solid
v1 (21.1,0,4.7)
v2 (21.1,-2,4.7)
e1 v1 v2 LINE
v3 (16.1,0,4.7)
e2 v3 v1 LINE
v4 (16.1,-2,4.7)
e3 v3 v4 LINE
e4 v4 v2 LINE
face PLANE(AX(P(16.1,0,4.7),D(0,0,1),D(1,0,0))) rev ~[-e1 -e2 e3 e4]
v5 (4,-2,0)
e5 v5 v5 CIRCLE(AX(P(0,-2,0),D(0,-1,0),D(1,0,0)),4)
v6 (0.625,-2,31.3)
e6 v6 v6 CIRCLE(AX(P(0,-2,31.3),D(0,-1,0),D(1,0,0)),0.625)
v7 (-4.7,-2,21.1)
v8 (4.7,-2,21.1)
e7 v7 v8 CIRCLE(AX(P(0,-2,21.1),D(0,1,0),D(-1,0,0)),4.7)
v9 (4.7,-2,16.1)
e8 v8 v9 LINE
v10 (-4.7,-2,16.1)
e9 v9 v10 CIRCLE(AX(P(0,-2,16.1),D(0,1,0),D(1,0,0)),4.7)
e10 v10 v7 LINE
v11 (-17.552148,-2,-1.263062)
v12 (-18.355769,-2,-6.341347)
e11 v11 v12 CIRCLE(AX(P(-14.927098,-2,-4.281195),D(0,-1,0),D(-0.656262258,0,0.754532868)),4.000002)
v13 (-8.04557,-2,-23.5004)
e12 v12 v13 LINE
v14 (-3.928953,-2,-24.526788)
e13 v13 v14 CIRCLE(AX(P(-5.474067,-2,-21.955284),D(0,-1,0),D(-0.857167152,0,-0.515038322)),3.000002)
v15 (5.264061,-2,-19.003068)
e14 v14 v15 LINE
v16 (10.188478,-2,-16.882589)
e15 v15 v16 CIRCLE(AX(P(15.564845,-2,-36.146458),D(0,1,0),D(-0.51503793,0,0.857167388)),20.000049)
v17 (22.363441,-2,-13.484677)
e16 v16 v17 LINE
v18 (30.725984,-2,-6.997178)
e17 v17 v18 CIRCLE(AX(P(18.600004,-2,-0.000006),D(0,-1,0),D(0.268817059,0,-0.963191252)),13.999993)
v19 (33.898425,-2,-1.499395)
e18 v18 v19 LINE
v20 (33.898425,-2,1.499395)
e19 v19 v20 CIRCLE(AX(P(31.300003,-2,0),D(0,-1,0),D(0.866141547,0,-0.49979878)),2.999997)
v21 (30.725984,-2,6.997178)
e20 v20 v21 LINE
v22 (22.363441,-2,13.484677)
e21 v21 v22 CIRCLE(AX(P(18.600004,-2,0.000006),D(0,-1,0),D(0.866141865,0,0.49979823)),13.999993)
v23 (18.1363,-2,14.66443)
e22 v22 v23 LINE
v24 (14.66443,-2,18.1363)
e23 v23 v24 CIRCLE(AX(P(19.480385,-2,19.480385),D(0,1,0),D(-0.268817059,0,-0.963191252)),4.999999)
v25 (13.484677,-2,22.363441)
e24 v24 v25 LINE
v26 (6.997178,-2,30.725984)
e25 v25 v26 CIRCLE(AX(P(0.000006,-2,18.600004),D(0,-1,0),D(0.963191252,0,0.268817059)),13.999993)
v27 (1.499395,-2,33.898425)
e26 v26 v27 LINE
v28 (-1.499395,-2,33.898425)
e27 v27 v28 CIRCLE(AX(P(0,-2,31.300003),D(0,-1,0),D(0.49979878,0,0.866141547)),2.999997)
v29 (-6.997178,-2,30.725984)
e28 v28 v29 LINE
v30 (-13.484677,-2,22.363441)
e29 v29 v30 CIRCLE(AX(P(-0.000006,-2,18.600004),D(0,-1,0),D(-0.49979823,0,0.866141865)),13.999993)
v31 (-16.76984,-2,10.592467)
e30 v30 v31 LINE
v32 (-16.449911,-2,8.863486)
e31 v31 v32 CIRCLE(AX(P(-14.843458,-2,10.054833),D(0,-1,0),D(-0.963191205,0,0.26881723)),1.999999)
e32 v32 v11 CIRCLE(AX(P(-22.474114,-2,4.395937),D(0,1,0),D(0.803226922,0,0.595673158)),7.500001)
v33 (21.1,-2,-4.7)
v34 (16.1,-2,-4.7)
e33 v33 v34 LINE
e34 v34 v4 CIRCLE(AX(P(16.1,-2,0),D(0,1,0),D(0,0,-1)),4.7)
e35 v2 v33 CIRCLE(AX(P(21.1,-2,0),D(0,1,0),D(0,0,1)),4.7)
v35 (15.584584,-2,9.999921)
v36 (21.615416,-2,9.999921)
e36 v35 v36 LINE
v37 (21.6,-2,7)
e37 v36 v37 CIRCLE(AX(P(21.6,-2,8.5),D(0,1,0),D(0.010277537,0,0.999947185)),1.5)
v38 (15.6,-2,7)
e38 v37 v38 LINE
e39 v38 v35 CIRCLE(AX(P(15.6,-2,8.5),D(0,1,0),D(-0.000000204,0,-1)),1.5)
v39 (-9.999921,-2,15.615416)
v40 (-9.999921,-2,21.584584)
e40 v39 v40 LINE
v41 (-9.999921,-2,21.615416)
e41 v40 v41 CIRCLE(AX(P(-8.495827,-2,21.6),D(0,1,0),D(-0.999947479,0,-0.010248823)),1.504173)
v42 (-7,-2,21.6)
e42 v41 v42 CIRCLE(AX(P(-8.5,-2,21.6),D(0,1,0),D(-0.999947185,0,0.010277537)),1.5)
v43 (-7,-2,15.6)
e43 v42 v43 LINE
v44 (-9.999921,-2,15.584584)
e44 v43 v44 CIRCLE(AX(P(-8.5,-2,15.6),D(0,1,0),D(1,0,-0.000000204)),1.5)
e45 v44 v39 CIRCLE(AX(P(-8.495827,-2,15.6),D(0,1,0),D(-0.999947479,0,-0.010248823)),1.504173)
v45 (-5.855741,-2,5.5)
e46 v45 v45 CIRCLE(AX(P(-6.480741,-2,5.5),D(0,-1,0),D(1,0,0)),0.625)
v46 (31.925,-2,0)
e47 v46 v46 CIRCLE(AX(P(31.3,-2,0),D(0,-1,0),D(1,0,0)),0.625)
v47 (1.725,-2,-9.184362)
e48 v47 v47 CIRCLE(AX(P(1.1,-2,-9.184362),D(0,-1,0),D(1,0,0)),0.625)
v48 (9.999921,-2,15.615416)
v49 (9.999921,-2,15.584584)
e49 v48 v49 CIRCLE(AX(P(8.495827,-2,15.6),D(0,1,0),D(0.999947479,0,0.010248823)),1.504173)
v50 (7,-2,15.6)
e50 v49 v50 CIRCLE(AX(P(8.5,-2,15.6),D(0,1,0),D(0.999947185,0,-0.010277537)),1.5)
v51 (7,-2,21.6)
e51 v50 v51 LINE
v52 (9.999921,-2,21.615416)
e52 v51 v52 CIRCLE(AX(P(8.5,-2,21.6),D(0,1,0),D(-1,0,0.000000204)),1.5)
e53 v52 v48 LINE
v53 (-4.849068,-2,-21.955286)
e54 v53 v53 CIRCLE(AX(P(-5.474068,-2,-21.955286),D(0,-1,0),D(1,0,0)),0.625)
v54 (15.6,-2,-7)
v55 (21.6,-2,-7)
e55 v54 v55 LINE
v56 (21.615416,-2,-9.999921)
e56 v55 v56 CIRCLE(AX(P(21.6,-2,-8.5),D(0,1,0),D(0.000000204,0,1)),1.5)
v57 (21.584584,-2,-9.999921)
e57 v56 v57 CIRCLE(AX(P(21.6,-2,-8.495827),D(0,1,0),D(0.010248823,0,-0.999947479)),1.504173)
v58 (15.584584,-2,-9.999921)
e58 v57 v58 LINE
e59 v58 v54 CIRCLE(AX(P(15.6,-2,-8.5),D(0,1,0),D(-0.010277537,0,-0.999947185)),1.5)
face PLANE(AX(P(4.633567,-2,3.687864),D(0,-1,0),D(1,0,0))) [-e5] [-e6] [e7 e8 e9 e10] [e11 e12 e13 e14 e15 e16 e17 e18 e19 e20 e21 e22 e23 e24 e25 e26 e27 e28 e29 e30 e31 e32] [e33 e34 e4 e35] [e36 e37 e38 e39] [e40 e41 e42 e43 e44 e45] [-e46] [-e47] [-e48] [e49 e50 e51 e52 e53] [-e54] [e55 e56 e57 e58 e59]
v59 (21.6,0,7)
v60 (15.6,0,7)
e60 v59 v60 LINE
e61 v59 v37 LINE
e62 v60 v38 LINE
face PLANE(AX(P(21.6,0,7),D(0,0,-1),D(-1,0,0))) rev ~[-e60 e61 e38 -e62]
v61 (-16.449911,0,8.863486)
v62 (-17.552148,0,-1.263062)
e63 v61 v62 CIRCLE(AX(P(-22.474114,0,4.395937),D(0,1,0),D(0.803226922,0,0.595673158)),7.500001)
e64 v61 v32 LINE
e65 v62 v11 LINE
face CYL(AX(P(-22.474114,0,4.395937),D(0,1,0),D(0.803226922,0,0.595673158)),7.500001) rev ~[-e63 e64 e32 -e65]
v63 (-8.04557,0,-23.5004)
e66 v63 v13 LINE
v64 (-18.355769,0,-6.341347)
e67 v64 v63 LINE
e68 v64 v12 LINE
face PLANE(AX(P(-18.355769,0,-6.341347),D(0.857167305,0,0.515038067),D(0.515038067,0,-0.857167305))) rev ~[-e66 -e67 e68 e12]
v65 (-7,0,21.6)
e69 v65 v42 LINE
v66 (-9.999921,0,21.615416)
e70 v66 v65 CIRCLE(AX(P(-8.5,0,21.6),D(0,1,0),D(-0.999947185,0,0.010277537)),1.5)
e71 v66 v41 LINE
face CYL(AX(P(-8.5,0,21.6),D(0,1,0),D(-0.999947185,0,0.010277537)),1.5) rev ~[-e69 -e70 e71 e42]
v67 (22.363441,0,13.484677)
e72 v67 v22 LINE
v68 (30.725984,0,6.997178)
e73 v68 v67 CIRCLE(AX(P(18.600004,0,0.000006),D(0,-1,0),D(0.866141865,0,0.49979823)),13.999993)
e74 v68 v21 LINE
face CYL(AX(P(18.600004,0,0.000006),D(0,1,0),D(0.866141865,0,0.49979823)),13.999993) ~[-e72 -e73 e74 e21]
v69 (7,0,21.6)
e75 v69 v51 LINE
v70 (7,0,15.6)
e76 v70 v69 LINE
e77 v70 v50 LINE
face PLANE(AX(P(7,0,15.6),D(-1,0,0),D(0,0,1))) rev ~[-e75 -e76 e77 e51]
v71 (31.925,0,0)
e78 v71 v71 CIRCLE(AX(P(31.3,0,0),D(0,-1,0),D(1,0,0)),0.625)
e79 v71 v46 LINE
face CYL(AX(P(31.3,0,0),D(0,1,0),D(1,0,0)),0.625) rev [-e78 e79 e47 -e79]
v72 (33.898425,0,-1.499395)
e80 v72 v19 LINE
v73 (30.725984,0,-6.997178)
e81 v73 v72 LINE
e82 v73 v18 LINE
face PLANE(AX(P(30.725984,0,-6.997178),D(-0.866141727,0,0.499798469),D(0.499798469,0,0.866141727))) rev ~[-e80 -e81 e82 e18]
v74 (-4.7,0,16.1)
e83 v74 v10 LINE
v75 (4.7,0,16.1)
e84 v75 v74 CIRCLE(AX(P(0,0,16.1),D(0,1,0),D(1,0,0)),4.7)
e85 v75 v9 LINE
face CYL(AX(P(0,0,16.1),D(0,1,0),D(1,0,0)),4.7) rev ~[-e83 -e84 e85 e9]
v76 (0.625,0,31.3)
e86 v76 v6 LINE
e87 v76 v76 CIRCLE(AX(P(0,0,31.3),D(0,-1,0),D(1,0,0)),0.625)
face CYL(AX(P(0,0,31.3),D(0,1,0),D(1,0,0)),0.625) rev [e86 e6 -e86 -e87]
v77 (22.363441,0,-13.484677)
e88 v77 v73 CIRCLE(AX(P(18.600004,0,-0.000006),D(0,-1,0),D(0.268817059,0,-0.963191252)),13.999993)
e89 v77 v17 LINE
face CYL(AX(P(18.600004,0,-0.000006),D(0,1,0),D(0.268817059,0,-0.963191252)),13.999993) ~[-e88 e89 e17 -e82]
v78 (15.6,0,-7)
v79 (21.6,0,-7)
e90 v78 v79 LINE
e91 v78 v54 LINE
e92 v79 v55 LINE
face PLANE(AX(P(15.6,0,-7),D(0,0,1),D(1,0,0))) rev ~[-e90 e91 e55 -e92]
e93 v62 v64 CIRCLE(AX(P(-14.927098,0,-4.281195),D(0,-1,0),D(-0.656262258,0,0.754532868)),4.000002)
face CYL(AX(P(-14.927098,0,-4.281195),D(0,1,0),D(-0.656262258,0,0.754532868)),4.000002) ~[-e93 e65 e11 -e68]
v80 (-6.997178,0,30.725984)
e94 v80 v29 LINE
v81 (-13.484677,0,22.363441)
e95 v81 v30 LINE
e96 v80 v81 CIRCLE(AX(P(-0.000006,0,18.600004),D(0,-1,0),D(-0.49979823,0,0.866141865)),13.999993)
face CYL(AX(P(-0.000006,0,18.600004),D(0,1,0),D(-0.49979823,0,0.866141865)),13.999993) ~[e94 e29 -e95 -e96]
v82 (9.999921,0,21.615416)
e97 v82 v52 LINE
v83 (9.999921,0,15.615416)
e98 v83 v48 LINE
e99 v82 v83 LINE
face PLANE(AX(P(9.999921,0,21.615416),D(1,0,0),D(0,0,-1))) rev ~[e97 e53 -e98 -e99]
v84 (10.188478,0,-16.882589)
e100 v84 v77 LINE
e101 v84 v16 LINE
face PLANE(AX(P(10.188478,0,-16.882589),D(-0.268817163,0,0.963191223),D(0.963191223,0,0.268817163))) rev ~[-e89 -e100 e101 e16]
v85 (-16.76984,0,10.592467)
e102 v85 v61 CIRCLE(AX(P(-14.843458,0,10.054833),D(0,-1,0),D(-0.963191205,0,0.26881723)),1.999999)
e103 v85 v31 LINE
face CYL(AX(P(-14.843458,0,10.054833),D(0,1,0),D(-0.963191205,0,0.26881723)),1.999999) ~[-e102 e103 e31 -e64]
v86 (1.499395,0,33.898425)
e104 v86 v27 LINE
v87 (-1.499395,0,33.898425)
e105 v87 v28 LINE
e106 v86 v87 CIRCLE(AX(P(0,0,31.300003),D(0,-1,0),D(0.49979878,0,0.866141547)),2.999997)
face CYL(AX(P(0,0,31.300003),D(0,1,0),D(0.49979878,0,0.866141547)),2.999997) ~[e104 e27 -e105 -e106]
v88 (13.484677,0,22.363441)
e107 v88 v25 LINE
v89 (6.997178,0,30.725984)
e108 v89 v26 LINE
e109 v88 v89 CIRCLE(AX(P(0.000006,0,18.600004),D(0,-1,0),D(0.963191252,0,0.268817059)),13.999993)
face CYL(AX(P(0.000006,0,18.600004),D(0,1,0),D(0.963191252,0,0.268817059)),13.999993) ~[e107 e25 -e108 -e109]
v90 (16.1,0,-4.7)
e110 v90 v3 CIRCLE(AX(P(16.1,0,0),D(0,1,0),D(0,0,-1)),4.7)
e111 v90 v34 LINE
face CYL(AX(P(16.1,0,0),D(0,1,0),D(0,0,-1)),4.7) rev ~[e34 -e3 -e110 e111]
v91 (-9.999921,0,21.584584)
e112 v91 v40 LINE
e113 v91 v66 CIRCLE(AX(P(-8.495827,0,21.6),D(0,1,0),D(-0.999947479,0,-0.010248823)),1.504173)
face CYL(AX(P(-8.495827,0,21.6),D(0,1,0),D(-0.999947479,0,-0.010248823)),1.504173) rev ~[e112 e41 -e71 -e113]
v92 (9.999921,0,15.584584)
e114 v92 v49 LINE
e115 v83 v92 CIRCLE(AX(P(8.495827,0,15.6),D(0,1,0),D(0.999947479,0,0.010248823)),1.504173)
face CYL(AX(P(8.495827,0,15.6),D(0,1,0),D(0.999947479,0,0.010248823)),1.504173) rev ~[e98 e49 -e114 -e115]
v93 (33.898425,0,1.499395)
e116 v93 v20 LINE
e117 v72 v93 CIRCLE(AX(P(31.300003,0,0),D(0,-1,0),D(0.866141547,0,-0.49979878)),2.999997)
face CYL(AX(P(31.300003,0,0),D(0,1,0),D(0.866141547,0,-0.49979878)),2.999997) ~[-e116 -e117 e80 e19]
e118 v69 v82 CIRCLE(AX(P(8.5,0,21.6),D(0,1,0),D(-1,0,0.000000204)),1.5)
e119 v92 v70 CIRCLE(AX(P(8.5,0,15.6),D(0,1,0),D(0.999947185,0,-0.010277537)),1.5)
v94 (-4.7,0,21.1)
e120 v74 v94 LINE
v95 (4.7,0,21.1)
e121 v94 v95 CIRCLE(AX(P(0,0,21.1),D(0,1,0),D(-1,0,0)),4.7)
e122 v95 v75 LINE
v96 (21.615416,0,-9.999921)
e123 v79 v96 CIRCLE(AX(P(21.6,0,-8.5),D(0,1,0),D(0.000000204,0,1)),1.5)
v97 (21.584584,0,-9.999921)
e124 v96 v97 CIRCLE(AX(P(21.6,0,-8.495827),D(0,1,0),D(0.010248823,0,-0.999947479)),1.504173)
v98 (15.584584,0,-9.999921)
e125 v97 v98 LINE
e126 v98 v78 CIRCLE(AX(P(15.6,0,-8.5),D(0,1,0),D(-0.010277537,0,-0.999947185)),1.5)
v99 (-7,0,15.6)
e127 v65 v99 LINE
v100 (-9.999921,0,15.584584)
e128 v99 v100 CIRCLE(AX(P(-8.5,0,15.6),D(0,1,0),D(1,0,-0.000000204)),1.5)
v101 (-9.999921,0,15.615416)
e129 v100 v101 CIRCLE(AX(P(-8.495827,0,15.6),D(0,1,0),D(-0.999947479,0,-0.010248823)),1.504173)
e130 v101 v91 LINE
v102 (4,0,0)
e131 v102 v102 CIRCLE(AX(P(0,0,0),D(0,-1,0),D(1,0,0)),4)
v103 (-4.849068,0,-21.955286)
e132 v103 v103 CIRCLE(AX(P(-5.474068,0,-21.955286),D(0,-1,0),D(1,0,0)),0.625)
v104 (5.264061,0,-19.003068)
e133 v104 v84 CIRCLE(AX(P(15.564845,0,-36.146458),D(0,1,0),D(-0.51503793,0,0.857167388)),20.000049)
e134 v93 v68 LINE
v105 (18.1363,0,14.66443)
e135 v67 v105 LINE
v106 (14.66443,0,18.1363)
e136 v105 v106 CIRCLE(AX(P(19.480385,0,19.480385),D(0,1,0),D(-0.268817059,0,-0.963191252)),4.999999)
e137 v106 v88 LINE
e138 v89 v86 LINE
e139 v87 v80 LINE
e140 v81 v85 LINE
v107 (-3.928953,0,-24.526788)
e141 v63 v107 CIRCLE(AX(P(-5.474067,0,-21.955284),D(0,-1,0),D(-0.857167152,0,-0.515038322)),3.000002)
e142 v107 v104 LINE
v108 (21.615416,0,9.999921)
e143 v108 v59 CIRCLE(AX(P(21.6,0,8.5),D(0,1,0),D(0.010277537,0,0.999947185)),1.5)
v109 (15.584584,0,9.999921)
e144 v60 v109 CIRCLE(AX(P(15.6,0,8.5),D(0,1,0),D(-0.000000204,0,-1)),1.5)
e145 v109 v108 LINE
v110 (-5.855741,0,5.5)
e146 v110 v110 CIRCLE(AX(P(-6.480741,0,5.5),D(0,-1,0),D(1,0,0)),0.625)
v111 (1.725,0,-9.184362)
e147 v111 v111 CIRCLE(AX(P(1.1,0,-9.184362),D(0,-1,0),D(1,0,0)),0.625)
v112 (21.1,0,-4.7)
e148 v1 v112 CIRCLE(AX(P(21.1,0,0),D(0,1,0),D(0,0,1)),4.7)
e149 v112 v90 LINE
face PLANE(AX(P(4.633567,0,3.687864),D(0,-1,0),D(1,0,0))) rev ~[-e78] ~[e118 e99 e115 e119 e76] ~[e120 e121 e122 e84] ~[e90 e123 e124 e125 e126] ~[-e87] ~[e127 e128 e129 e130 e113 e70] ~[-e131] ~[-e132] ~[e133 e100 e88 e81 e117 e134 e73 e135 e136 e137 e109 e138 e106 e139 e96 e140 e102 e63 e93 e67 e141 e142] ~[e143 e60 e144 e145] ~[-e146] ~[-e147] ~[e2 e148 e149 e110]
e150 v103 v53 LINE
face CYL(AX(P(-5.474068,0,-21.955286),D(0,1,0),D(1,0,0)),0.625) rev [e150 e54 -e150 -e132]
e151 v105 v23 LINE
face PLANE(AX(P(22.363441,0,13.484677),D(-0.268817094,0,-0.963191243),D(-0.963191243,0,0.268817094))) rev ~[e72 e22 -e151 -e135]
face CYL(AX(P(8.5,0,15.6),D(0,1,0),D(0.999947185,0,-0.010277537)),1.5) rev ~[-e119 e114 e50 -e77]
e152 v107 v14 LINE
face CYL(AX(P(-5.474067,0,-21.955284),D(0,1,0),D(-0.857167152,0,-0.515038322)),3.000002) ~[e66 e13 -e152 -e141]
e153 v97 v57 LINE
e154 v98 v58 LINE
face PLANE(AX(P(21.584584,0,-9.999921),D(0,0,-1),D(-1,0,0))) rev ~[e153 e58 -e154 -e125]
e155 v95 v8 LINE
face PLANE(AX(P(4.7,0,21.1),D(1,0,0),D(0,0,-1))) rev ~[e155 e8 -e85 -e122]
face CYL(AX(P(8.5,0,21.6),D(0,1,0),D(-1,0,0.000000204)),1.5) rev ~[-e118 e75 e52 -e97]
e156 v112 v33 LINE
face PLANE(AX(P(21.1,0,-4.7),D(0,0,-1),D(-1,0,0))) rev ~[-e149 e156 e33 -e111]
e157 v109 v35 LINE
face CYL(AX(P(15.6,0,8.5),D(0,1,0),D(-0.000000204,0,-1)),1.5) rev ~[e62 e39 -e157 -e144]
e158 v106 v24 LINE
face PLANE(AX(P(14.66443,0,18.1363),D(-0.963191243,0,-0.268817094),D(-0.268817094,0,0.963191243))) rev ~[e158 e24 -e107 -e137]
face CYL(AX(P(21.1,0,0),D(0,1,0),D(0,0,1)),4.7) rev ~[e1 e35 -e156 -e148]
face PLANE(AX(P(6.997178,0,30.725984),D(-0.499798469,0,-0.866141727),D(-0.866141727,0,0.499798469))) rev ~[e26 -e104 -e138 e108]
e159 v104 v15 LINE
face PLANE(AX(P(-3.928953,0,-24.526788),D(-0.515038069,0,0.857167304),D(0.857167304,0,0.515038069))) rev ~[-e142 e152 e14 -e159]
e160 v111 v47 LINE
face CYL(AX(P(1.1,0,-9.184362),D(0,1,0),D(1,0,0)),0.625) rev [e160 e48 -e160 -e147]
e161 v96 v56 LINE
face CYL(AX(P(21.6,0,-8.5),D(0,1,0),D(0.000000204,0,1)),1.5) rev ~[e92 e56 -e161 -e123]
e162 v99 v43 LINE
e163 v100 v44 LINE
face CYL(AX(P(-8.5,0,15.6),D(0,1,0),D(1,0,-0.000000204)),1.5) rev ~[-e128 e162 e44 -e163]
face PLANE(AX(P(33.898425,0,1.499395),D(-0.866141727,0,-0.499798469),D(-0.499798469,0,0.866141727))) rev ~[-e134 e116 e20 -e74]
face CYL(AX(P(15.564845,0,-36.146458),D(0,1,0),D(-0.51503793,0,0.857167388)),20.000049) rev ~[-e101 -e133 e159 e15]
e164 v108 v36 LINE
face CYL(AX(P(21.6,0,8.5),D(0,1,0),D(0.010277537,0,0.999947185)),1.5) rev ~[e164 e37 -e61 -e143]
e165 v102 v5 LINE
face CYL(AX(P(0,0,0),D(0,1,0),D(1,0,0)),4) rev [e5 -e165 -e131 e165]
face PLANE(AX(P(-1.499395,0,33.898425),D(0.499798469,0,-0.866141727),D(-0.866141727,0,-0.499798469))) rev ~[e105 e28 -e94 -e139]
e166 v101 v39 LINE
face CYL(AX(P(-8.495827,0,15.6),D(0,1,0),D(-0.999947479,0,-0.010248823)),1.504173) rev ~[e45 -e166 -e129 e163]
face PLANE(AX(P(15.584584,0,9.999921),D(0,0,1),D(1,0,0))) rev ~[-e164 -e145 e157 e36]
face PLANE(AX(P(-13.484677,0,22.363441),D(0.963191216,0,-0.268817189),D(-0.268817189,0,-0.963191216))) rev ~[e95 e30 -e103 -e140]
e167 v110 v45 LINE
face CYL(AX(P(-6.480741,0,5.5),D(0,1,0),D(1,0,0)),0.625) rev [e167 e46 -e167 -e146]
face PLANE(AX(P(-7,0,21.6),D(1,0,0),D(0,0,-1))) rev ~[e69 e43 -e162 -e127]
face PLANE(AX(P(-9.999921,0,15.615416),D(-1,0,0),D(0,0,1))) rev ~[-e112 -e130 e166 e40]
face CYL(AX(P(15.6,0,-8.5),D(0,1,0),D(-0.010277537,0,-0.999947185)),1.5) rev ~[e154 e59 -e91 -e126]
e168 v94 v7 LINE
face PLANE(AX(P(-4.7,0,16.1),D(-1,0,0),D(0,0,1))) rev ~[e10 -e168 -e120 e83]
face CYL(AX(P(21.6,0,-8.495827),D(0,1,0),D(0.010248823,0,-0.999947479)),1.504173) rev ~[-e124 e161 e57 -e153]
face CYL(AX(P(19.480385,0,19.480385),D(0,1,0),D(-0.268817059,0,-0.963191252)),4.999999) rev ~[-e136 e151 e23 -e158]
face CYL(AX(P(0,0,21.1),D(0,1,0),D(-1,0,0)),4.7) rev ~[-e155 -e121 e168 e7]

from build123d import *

# Parameters (mm, degrees)
F0_R     = 0.625
F0_R_2   = 4
F1_DEPTH = 2


with BuildPart() as f1:
    # F0 (on Front) → F1 (new body)
    with BuildSketch(Plane.XZ):
        with BuildLine():
            ThreePointArc((-17.552148, -1.263062), (-18.877937, -3.655988), (-18.355769, -6.341347))
            Line((-18.355769, -6.341347), (-8.04557, -23.5004))
            ThreePointArc((-8.04557, -23.5004), (-6.199833, -24.866173), (-3.928953, -24.526788))
            Line((-3.928953, -24.526788), (5.264061, -19.003068))
            ThreePointArc((5.264061, -19.003068), (7.654891, -17.777065), (10.188478, -16.882589))
            Line((10.188478, -16.882589), (22.363441, -13.484677))
            ThreePointArc((22.363441, -13.484677), (27.181397, -11.061629), (30.725984, -6.997178))
            Line((30.725984, -6.997178), (33.898425, -1.499395))
            ThreePointArc((33.898425, -1.499395), (34.3, 0), (33.898425, 1.499395))
            Line((33.898425, 1.499395), (30.725984, 6.997178))
            ThreePointArc((30.725984, 6.997178), (27.181397, 11.061629), (22.363441, 13.484677))
            Line((22.363441, 13.484677), (18.1363, 14.66443))
            ThreePointArc((18.1363, 14.66443), (15.944852, 15.944852), (14.66443, 18.1363))
            Line((14.66443, 18.1363), (13.484677, 22.363441))
            ThreePointArc((13.484677, 22.363441), (11.061629, 27.181397), (6.997178, 30.725984))
            Line((6.997178, 30.725984), (1.499395, 33.898425))
            ThreePointArc((1.499395, 33.898425), (0, 34.3), (-1.499395, 33.898425))
            Line((-1.499395, 33.898425), (-6.997178, 30.725984))
            ThreePointArc((-6.997178, 30.725984), (-11.061629, 27.181397), (-13.484677, 22.363441))
            Line((-13.484677, 22.363441), (-16.76984, 10.592467))
            ThreePointArc((-16.76984, 10.592467), (-16.810073, 9.690932), (-16.449911, 8.863486))
            ThreePointArc((-16.449911, 8.863486), (-15.01815, 3.584383), (-17.552148, -1.263062))
        make_face()
        with Locations((-5.474068, -21.955286)):
            Circle(F0_R, mode=Mode.SUBTRACT)
        with Locations((1.1, -9.184362)):
            Circle(F0_R, mode=Mode.SUBTRACT)
        Circle(F0_R_2, mode=Mode.SUBTRACT)
        with BuildLine():
            Line((18.6, -7), (21.6, -7))
            ThreePointArc((21.6, -7), (23.09998, -8.492292), (21.615416, -9.999921))
            ThreePointArc((21.615416, -9.999921), (21.6, -10), (21.584584, -9.999921))
            Line((21.584584, -9.999921), (18.6, -9.999921))
            Line((18.6, -9.999921), (15.615416, -9.999921))
            Line((15.615416, -9.999921), (15.584584, -9.999921))
            ThreePointArc((15.584584, -9.999921), (14.10002, -8.492292), (15.6, -7))
            Line((15.6, -7), (18.6, -7))
        make_face(mode=Mode.SUBTRACT)
        with BuildLine():
            ThreePointArc((16.1, -4.7), (11.4, 0), (16.1, 4.7))
            Line((16.1, 4.7), (21.1, 4.7))
            ThreePointArc((21.1, 4.7), (25.8, 0), (21.1, -4.7))
            Line((21.1, -4.7), (16.1, -4.7))
        make_face(mode=Mode.SUBTRACT)
        with Locations((31.3, 0)):
            Circle(F0_R, mode=Mode.SUBTRACT)
        with Locations((-6.480741, 5.5)):
            Circle(F0_R, mode=Mode.SUBTRACT)
        with BuildLine():
            ThreePointArc((-9.999921, 21.615416), (-8.492292, 23.09998), (-7, 21.6))
            Line((-7, 21.6), (-7, 18.6))
            Line((-7, 18.6), (-7, 15.6))
            ThreePointArc((-7, 15.6), (-8.492292, 14.10002), (-9.999921, 15.584584))
            ThreePointArc((-9.999921, 15.584584), (-10, 15.6), (-9.999921, 15.615416))
            Line((-9.999921, 15.615416), (-9.999921, 18.6))
            Line((-9.999921, 18.6), (-9.999921, 21.584584))
            ThreePointArc((-9.999921, 21.584584), (-10, 21.6), (-9.999921, 21.615416))
        make_face(mode=Mode.SUBTRACT)
        with BuildLine():
            ThreePointArc((4.7, 16.1), (0, 11.4), (-4.7, 16.1))
            Line((-4.7, 16.1), (-4.7, 21.1))
            ThreePointArc((-4.7, 21.1), (0, 25.8), (4.7, 21.1))
            Line((4.7, 21.1), (4.7, 16.1))
        make_face(mode=Mode.SUBTRACT)
        with Locations((0, 31.3)):
            Circle(F0_R, mode=Mode.SUBTRACT)
        with BuildLine():
            Line((21.584584, 9.999921), (21.615416, 9.999921))
            ThreePointArc((21.615416, 9.999921), (23.09998, 8.492292), (21.6, 7))
            Line((21.6, 7), (18.6, 7))
            Line((18.6, 7), (15.6, 7))
            ThreePointArc((15.6, 7), (14.10002, 8.492292), (15.584584, 9.999921))
            Line((15.584584, 9.999921), (15.615416, 9.999921))
            Line((15.615416, 9.999921), (18.6, 9.999921))
            Line((18.6, 9.999921), (21.584584, 9.999921))
        make_face(mode=Mode.SUBTRACT)
        with BuildLine():
            ThreePointArc((9.999921, 15.584584), (8.492292, 14.10002), (7, 15.6))
            Line((7, 15.6), (7, 18.6))
            Line((7, 18.6), (7, 21.6))
            ThreePointArc((7, 21.6), (8.492292, 23.09998), (9.999921, 21.615416))
            Line((9.999921, 21.615416), (9.999921, 21.584584))
            Line((9.999921, 21.584584), (9.999921, 18.6))
            Line((9.999921, 18.6), (9.999921, 15.615416))
            ThreePointArc((9.999921, 15.615416), (10, 15.6), (9.999921, 15.584584))
        make_face(mode=Mode.SUBTRACT)
    extrude(amount=F1_DEPTH)


solid = f1.part
